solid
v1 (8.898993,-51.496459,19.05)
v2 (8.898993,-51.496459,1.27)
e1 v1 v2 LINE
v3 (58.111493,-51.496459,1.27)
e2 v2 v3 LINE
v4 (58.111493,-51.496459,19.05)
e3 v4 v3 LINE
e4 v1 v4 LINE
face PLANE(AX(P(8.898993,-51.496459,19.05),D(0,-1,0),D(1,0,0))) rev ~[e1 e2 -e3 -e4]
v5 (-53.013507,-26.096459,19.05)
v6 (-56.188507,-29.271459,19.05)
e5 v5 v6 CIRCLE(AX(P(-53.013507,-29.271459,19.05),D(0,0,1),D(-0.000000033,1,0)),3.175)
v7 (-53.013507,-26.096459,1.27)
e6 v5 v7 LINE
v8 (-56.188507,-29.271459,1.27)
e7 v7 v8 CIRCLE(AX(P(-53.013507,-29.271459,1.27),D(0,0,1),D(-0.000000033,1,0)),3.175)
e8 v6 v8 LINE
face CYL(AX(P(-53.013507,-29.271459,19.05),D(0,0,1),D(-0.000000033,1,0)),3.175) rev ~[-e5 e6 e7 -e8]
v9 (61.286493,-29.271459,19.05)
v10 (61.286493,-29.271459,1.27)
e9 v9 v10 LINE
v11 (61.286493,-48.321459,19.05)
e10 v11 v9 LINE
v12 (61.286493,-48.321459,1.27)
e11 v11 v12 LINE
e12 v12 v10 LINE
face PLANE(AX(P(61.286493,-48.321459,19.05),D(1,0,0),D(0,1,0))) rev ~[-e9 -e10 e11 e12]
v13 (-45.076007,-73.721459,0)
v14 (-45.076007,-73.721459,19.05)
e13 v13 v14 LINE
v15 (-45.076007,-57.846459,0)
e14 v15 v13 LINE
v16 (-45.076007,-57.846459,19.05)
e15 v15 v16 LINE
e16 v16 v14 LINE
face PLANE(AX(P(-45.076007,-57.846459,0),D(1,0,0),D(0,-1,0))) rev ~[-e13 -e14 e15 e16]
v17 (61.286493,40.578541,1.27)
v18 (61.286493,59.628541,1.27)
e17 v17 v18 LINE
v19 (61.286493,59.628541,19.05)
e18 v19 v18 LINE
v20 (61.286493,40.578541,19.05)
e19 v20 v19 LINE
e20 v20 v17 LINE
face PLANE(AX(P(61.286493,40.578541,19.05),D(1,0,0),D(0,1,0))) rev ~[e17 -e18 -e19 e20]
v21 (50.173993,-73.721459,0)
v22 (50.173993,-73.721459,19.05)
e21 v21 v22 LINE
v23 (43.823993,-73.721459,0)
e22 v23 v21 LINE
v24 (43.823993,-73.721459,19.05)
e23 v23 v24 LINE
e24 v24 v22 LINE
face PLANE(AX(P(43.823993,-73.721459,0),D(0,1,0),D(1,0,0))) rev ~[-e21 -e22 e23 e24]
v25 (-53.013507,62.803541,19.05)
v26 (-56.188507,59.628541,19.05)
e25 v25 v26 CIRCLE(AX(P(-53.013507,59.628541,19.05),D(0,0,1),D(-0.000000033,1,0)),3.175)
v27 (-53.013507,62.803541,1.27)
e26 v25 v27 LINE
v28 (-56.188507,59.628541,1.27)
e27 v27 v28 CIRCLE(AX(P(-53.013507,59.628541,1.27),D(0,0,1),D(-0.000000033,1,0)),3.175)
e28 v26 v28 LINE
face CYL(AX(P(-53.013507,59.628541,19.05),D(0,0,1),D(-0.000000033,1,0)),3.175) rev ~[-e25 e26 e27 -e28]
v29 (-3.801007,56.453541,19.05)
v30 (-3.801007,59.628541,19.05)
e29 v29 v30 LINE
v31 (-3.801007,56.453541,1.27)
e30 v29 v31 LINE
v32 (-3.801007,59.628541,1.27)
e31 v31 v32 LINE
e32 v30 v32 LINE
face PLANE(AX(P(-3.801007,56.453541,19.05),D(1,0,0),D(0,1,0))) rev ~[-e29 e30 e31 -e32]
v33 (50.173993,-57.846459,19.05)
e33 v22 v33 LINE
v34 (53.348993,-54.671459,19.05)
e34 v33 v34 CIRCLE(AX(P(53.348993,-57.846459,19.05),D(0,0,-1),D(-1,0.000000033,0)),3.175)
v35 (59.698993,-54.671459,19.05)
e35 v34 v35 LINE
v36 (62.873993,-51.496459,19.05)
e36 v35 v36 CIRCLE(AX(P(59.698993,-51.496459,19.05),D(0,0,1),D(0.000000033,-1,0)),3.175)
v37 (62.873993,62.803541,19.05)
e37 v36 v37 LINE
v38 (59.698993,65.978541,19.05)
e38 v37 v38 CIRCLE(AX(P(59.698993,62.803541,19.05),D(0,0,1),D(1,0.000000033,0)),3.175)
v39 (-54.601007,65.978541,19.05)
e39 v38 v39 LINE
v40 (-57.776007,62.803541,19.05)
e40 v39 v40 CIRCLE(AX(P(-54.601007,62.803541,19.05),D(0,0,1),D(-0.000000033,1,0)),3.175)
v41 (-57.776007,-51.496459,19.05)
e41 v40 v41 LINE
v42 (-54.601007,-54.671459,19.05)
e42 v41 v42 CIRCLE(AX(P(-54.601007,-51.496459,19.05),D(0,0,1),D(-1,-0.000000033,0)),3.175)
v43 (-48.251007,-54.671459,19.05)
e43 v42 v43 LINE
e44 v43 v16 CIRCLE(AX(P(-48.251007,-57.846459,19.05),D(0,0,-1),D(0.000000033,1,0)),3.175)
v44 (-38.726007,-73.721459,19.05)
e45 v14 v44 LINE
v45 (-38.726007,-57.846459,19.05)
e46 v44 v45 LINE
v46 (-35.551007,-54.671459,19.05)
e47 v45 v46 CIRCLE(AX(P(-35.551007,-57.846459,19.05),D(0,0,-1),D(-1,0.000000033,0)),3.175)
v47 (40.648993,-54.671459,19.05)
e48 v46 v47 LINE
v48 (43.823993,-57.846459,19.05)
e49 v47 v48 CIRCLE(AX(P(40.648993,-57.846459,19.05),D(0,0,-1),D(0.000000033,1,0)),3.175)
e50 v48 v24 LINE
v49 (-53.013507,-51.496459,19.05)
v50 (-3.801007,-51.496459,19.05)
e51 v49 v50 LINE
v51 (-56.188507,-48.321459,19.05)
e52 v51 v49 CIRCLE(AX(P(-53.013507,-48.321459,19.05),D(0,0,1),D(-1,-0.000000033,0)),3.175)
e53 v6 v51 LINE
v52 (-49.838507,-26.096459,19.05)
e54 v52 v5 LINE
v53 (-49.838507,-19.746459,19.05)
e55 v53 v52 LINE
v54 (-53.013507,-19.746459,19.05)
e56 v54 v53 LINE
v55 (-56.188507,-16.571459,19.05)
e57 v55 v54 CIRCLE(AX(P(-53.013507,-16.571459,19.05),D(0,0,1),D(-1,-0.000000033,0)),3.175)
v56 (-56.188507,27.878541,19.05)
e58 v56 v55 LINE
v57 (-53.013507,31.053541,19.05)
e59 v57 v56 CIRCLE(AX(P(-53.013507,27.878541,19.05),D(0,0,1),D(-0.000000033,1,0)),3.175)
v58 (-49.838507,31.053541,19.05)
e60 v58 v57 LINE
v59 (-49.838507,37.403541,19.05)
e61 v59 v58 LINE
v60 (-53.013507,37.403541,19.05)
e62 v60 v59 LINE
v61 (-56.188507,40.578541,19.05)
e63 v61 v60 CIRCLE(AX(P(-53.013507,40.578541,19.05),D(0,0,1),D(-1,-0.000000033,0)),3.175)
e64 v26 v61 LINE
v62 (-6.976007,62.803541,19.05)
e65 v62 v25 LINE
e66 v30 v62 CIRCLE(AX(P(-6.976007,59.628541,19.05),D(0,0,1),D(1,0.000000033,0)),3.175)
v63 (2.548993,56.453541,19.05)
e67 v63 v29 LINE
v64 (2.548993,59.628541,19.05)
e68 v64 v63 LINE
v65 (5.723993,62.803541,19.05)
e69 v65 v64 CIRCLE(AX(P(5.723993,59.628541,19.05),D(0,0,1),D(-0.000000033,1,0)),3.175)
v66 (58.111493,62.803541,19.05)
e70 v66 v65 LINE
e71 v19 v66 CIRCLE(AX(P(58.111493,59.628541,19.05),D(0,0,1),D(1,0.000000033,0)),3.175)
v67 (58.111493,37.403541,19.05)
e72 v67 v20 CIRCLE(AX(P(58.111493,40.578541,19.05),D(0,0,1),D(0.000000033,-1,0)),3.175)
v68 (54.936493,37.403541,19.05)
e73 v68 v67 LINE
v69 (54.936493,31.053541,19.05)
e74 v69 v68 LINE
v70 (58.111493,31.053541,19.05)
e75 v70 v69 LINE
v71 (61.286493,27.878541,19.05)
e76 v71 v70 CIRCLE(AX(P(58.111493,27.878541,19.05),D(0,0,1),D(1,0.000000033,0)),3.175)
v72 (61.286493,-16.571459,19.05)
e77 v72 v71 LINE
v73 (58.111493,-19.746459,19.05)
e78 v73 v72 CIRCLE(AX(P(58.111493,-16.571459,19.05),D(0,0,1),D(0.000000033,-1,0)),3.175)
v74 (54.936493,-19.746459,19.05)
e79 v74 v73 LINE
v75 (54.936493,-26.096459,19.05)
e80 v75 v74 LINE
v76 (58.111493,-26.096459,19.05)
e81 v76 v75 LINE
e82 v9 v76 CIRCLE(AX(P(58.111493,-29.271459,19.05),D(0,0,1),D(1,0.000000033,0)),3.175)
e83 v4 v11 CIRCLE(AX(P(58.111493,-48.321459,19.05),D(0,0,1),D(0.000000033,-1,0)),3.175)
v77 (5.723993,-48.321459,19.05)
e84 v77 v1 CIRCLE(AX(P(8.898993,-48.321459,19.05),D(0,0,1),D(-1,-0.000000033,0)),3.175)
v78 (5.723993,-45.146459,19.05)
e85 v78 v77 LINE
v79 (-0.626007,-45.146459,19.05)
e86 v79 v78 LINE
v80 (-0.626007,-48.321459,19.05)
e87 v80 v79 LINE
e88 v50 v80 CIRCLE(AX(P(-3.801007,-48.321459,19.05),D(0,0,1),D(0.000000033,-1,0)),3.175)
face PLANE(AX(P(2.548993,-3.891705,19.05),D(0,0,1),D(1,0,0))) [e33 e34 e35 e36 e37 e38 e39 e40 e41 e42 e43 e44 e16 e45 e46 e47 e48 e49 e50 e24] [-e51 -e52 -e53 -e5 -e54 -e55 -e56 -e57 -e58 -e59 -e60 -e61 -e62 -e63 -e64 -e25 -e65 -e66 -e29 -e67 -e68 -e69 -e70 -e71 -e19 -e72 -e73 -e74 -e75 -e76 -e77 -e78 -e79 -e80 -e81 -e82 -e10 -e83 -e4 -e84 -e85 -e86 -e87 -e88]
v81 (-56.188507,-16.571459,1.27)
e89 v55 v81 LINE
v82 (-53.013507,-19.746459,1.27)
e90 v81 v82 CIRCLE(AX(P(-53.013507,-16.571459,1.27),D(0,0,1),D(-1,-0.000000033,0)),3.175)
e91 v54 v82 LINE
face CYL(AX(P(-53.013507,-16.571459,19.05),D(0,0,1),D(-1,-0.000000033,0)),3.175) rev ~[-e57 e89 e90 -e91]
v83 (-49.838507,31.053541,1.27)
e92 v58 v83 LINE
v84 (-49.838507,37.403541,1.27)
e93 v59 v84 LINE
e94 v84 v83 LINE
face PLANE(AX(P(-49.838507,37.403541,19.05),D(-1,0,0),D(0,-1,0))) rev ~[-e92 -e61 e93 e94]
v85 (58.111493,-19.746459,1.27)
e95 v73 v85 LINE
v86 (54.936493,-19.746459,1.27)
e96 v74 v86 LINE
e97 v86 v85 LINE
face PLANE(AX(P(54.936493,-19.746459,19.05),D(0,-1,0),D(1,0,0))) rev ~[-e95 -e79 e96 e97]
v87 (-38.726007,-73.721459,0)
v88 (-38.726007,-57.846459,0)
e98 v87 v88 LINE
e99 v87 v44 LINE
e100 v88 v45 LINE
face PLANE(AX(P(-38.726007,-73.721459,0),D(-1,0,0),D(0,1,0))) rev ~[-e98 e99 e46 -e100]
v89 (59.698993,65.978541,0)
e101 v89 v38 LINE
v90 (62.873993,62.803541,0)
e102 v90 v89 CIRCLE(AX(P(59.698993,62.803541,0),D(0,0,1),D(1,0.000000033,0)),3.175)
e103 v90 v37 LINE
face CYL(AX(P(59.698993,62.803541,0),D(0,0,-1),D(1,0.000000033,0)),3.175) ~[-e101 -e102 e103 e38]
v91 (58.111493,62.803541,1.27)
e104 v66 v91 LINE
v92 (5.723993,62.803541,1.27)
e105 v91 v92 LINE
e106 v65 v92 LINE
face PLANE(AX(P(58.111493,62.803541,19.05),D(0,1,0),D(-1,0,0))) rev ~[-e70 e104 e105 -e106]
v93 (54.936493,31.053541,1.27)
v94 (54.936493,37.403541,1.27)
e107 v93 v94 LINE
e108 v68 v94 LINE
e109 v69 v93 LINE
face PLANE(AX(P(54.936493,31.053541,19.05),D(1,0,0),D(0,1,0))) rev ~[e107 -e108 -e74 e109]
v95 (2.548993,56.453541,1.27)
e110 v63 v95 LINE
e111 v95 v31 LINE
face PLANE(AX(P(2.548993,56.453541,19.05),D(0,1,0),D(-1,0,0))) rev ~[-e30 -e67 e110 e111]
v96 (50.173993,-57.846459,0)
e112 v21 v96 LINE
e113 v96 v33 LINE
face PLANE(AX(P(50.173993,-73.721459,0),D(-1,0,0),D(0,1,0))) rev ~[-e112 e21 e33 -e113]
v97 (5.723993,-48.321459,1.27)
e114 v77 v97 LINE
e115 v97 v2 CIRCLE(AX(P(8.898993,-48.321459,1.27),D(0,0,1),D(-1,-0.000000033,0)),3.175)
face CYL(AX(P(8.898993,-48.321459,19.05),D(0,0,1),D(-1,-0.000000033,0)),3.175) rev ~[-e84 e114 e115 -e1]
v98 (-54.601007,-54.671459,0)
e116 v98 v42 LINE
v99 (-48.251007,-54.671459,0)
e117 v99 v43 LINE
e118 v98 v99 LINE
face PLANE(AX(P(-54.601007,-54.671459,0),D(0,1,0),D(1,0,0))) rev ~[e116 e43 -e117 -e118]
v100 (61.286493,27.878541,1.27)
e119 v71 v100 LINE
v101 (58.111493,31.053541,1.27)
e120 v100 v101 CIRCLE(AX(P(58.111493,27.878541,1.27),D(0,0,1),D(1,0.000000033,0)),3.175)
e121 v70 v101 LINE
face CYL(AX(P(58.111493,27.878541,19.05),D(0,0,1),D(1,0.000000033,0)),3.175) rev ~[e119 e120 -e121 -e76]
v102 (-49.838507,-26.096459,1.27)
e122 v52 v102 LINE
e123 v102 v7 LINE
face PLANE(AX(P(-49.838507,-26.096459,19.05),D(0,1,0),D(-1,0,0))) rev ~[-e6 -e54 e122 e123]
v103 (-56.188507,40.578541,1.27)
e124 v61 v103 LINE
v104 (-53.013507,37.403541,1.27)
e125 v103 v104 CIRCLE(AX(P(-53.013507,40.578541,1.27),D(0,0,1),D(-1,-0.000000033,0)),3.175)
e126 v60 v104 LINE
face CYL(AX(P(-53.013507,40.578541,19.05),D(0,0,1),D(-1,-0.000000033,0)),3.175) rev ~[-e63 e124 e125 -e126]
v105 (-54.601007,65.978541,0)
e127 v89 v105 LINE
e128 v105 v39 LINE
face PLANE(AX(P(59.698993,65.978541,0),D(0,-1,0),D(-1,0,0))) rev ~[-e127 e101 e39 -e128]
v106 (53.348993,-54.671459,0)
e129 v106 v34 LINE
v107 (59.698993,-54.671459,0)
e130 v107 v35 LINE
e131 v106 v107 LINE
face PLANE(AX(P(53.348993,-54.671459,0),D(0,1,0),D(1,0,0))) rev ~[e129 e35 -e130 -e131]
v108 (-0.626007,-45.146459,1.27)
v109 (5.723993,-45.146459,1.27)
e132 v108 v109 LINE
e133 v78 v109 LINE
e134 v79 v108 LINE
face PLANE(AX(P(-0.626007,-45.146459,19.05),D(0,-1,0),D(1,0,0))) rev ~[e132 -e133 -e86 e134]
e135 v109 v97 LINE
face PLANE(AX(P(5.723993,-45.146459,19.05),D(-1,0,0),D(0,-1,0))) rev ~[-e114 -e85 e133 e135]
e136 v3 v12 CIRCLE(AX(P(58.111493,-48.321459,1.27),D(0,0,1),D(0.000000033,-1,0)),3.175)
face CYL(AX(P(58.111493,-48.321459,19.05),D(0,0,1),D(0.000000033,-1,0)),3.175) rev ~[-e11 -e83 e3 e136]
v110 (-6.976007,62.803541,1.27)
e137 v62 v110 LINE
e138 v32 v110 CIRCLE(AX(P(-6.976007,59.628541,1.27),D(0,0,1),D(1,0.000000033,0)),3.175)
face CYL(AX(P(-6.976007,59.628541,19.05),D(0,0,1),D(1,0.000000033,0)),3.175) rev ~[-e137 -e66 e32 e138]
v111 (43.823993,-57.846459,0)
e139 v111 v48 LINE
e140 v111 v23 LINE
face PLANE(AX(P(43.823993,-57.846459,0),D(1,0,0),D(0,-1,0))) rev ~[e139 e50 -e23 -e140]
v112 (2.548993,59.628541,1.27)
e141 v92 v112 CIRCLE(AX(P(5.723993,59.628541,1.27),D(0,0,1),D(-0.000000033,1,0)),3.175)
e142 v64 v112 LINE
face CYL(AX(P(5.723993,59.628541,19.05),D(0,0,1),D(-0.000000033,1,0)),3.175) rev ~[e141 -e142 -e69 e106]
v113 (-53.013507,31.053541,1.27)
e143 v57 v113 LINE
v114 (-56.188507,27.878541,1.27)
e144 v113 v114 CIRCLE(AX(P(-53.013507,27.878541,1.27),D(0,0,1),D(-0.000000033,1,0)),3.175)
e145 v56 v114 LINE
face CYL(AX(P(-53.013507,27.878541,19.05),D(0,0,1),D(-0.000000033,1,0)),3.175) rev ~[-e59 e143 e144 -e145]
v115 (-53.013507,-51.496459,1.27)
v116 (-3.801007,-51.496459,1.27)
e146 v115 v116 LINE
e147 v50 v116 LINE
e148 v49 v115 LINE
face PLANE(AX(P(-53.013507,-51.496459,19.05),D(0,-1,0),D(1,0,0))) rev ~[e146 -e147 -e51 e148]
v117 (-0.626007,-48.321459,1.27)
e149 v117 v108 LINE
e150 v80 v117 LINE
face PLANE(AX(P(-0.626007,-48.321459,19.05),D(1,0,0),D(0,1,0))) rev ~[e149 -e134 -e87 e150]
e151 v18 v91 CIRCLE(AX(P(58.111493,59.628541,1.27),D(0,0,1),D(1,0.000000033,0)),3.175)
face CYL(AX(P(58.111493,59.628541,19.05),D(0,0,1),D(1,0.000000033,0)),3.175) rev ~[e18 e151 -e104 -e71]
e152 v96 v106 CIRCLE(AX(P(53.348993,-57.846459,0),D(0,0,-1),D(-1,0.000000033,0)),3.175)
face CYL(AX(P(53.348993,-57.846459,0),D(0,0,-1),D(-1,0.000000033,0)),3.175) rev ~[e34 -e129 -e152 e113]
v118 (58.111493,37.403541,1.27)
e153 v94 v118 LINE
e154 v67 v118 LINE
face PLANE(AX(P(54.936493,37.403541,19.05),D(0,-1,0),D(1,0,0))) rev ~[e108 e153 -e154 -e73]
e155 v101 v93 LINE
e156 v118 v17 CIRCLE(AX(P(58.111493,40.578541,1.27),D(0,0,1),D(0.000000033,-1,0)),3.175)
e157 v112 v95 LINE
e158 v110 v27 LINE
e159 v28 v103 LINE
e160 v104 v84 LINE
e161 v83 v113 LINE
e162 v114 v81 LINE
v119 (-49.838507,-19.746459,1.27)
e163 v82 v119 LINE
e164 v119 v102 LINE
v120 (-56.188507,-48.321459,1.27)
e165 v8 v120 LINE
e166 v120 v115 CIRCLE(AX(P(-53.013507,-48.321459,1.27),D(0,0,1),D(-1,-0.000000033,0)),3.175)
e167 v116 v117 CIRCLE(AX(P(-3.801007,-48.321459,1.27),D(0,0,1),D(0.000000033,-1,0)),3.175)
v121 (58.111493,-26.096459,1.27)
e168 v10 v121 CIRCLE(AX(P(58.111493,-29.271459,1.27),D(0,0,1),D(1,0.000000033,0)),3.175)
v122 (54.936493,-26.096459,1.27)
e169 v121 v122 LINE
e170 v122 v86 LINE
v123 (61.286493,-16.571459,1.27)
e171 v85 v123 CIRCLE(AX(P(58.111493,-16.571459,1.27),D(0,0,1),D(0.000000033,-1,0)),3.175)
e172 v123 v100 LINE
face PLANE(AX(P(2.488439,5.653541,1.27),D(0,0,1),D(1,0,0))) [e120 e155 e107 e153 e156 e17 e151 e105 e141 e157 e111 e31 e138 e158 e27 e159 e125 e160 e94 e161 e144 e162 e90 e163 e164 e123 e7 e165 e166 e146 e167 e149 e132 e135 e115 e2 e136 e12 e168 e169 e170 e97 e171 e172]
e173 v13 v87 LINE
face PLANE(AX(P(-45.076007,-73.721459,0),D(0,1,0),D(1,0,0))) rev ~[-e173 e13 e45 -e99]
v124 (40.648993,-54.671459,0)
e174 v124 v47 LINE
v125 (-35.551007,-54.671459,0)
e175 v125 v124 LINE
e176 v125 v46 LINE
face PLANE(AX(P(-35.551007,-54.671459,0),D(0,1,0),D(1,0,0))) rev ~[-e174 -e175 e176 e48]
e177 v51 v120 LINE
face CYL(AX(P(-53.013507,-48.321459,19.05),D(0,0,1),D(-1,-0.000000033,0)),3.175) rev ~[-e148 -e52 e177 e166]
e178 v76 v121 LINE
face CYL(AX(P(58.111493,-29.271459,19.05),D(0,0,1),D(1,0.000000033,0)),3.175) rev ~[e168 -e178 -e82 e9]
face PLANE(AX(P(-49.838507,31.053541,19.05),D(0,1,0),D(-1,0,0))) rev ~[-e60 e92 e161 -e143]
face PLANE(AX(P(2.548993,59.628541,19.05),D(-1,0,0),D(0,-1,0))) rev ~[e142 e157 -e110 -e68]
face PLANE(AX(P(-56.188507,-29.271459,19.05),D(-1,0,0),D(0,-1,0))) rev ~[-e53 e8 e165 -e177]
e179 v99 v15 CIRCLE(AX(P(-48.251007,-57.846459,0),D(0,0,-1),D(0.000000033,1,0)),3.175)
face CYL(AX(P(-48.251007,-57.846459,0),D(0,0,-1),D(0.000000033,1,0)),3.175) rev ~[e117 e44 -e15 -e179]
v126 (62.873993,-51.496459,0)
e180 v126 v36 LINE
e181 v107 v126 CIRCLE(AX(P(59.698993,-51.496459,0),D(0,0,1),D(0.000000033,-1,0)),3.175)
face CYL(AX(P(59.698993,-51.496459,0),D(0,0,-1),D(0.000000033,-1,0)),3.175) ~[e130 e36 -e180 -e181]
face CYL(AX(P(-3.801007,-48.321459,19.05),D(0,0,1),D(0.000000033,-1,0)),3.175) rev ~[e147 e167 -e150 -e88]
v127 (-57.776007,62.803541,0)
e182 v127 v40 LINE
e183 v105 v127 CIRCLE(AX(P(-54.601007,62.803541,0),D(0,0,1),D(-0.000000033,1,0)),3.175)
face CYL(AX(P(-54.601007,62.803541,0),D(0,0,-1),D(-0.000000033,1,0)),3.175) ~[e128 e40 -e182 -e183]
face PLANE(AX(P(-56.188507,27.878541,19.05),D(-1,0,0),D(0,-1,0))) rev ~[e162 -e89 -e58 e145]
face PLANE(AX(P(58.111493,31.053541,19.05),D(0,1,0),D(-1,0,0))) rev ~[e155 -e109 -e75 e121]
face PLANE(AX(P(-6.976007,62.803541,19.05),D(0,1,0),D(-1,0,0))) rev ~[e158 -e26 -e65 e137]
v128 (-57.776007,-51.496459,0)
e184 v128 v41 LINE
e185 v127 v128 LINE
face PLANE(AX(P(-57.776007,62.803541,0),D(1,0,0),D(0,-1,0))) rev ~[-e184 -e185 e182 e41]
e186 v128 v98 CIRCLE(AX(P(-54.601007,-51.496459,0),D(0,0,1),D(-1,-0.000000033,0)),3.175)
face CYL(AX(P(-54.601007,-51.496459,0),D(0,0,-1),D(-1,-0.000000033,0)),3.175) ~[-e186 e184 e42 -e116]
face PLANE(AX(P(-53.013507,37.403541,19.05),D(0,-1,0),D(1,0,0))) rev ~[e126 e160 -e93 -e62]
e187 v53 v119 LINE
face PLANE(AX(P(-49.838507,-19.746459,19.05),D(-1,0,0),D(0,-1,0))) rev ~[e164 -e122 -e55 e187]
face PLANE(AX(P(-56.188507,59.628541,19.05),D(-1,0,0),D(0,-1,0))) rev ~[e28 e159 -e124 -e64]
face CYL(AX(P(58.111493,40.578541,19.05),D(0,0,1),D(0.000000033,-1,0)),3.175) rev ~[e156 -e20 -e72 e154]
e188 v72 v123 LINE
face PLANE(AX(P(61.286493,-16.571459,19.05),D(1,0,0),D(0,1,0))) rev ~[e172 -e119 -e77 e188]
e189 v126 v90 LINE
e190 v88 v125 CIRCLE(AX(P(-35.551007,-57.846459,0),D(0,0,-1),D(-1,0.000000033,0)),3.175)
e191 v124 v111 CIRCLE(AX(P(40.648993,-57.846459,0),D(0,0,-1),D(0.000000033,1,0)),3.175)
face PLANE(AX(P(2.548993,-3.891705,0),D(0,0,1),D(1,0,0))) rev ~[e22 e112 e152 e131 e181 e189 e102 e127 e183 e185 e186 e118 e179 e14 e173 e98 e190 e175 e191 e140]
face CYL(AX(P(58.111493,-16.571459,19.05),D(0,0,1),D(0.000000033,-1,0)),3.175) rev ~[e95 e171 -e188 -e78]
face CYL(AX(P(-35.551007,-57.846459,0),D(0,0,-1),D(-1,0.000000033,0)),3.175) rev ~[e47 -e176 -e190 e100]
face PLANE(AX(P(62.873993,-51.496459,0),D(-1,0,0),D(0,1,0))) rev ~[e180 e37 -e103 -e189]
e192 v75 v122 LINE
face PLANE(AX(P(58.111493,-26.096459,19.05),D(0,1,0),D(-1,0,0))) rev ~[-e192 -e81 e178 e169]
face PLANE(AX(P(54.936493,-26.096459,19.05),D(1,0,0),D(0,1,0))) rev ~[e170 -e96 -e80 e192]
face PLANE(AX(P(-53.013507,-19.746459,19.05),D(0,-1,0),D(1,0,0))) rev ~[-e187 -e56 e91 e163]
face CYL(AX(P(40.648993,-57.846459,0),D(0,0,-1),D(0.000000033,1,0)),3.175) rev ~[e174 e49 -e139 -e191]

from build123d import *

# Parameters (mm, degrees)
F1_DEPTH = 19.05
F3_DEPTH = 17.78


with BuildPart() as f1:
    # F0 (on Top) → F1 (new body)
    with BuildSketch(Plane.XY):
        with BuildLine():
            Line((59.698993, 65.978541), (-54.601007, 65.978541))
            ThreePointArc((-54.601007, 65.978541), (-56.846071, 65.048605), (-57.776007, 62.803541))
            Line((-57.776007, 62.803541), (-57.776007, -51.496459))
            ThreePointArc((-57.776007, -51.496459), (-56.846071, -53.741523), (-54.601007, -54.671459))
            Line((-54.601007, -54.671459), (-48.251007, -54.671459))
            ThreePointArc((-48.251007, -54.671459), (-46.005943, -55.601395), (-45.076007, -57.846459))
            Line((-45.076007, -57.846459), (-45.076007, -73.721459))
            Line((-45.076007, -73.721459), (-38.726007, -73.721459))
            Line((-38.726007, -73.721459), (-38.726007, -57.846459))
            ThreePointArc((-38.726007, -57.846459), (-37.796071, -55.601395), (-35.551007, -54.671459))
            Line((-35.551007, -54.671459), (40.648993, -54.671459))
            ThreePointArc((40.648993, -54.671459), (42.894057, -55.601395), (43.823993, -57.846459))
            Line((43.823993, -57.846459), (43.823993, -73.721459))
            Line((43.823993, -73.721459), (50.173993, -73.721459))
            Line((50.173993, -73.721459), (50.173993, -57.846459))
            ThreePointArc((50.173993, -57.846459), (51.103929, -55.601395), (53.348993, -54.671459))
            Line((53.348993, -54.671459), (59.698993, -54.671459))
            ThreePointArc((59.698993, -54.671459), (61.944057, -53.741523), (62.873993, -51.496459))
            Line((62.873993, -51.496459), (62.873993, 62.803541))
            ThreePointArc((62.873993, 62.803541), (61.944057, 65.048605), (59.698993, 65.978541))
        make_face()
    extrude(amount=F1_DEPTH)

    # F2 (on face) → F3 (cut)
    with BuildSketch(Plane.XY.offset(19.05)):
        with BuildLine():
            Line((-6.976007, 62.803541), (-53.013507, 62.803541))
            ThreePointArc((-53.013507, 62.803541), (-55.258571, 61.873605), (-56.188507, 59.628541))
            Line((-56.188507, 59.628541), (-56.188507, 40.578541))
            ThreePointArc((-56.188507, 40.578541), (-55.258571, 38.333477), (-53.013507, 37.403541))
            Line((-53.013507, 37.403541), (-49.838507, 37.403541))
            Line((-49.838507, 37.403541), (-49.838507, 31.053541))
            Line((-49.838507, 31.053541), (-53.013507, 31.053541))
            ThreePointArc((-53.013507, 31.053541), (-55.258571, 30.123605), (-56.188507, 27.878541))
            Line((-56.188507, 27.878541), (-56.188507, -16.571459))
            ThreePointArc((-56.188507, -16.571459), (-55.258571, -18.816523), (-53.013507, -19.746459))
            Line((-53.013507, -19.746459), (-49.838507, -19.746459))
            Line((-49.838507, -19.746459), (-49.838507, -26.096459))
            Line((-49.838507, -26.096459), (-53.013507, -26.096459))
            ThreePointArc((-53.013507, -26.096459), (-55.258571, -27.026395), (-56.188507, -29.271459))
            Line((-56.188507, -29.271459), (-56.188507, -48.321459))
            ThreePointArc((-56.188507, -48.321459), (-55.258571, -50.566523), (-53.013507, -51.496459))
            Line((-53.013507, -51.496459), (-3.801007, -51.496459))
            ThreePointArc((-3.801007, -51.496459), (-1.555943, -50.566523), (-0.626007, -48.321459))
            Line((-0.626007, -48.321459), (-0.626007, -45.146459))
            Line((-0.626007, -45.146459), (5.723993, -45.146459))
            Line((5.723993, -45.146459), (5.723993, -48.321459))
            ThreePointArc((5.723993, -48.321459), (6.653929, -50.566523), (8.898993, -51.496459))
            Line((8.898993, -51.496459), (58.111493, -51.496459))
            ThreePointArc((58.111493, -51.496459), (60.356557, -50.566523), (61.286493, -48.321459))
            Line((61.286493, -48.321459), (61.286493, -29.271459))
            ThreePointArc((61.286493, -29.271459), (60.356557, -27.026395), (58.111493, -26.096459))
            Line((58.111493, -26.096459), (54.936493, -26.096459))
            Line((54.936493, -26.096459), (54.936493, -19.746459))
            Line((54.936493, -19.746459), (58.111493, -19.746459))
            ThreePointArc((58.111493, -19.746459), (60.356557, -18.816523), (61.286493, -16.571459))
            Line((61.286493, -16.571459), (61.286493, 27.878541))
            ThreePointArc((61.286493, 27.878541), (60.356557, 30.123605), (58.111493, 31.053541))
            Line((58.111493, 31.053541), (54.936493, 31.053541))
            Line((54.936493, 31.053541), (54.936493, 37.403541))
            Line((54.936493, 37.403541), (58.111493, 37.403541))
            ThreePointArc((58.111493, 37.403541), (60.356557, 38.333477), (61.286493, 40.578541))
            Line((61.286493, 40.578541), (61.286493, 59.628541))
            ThreePointArc((61.286493, 59.628541), (60.356557, 61.873605), (58.111493, 62.803541))
            Line((58.111493, 62.803541), (5.723993, 62.803541))
            ThreePointArc((5.723993, 62.803541), (3.478929, 61.873605), (2.548993, 59.628541))
            Line((2.548993, 59.628541), (2.548993, 56.453541))
            Line((2.548993, 56.453541), (-3.801007, 56.453541))
            Line((-3.801007, 56.453541), (-3.801007, 59.628541))
            ThreePointArc((-3.801007, 59.628541), (-4.730943, 61.873605), (-6.976007, 62.803541))
        make_face()
    extrude(amount=-F3_DEPTH, mode=Mode.SUBTRACT)


solid = f1.part
